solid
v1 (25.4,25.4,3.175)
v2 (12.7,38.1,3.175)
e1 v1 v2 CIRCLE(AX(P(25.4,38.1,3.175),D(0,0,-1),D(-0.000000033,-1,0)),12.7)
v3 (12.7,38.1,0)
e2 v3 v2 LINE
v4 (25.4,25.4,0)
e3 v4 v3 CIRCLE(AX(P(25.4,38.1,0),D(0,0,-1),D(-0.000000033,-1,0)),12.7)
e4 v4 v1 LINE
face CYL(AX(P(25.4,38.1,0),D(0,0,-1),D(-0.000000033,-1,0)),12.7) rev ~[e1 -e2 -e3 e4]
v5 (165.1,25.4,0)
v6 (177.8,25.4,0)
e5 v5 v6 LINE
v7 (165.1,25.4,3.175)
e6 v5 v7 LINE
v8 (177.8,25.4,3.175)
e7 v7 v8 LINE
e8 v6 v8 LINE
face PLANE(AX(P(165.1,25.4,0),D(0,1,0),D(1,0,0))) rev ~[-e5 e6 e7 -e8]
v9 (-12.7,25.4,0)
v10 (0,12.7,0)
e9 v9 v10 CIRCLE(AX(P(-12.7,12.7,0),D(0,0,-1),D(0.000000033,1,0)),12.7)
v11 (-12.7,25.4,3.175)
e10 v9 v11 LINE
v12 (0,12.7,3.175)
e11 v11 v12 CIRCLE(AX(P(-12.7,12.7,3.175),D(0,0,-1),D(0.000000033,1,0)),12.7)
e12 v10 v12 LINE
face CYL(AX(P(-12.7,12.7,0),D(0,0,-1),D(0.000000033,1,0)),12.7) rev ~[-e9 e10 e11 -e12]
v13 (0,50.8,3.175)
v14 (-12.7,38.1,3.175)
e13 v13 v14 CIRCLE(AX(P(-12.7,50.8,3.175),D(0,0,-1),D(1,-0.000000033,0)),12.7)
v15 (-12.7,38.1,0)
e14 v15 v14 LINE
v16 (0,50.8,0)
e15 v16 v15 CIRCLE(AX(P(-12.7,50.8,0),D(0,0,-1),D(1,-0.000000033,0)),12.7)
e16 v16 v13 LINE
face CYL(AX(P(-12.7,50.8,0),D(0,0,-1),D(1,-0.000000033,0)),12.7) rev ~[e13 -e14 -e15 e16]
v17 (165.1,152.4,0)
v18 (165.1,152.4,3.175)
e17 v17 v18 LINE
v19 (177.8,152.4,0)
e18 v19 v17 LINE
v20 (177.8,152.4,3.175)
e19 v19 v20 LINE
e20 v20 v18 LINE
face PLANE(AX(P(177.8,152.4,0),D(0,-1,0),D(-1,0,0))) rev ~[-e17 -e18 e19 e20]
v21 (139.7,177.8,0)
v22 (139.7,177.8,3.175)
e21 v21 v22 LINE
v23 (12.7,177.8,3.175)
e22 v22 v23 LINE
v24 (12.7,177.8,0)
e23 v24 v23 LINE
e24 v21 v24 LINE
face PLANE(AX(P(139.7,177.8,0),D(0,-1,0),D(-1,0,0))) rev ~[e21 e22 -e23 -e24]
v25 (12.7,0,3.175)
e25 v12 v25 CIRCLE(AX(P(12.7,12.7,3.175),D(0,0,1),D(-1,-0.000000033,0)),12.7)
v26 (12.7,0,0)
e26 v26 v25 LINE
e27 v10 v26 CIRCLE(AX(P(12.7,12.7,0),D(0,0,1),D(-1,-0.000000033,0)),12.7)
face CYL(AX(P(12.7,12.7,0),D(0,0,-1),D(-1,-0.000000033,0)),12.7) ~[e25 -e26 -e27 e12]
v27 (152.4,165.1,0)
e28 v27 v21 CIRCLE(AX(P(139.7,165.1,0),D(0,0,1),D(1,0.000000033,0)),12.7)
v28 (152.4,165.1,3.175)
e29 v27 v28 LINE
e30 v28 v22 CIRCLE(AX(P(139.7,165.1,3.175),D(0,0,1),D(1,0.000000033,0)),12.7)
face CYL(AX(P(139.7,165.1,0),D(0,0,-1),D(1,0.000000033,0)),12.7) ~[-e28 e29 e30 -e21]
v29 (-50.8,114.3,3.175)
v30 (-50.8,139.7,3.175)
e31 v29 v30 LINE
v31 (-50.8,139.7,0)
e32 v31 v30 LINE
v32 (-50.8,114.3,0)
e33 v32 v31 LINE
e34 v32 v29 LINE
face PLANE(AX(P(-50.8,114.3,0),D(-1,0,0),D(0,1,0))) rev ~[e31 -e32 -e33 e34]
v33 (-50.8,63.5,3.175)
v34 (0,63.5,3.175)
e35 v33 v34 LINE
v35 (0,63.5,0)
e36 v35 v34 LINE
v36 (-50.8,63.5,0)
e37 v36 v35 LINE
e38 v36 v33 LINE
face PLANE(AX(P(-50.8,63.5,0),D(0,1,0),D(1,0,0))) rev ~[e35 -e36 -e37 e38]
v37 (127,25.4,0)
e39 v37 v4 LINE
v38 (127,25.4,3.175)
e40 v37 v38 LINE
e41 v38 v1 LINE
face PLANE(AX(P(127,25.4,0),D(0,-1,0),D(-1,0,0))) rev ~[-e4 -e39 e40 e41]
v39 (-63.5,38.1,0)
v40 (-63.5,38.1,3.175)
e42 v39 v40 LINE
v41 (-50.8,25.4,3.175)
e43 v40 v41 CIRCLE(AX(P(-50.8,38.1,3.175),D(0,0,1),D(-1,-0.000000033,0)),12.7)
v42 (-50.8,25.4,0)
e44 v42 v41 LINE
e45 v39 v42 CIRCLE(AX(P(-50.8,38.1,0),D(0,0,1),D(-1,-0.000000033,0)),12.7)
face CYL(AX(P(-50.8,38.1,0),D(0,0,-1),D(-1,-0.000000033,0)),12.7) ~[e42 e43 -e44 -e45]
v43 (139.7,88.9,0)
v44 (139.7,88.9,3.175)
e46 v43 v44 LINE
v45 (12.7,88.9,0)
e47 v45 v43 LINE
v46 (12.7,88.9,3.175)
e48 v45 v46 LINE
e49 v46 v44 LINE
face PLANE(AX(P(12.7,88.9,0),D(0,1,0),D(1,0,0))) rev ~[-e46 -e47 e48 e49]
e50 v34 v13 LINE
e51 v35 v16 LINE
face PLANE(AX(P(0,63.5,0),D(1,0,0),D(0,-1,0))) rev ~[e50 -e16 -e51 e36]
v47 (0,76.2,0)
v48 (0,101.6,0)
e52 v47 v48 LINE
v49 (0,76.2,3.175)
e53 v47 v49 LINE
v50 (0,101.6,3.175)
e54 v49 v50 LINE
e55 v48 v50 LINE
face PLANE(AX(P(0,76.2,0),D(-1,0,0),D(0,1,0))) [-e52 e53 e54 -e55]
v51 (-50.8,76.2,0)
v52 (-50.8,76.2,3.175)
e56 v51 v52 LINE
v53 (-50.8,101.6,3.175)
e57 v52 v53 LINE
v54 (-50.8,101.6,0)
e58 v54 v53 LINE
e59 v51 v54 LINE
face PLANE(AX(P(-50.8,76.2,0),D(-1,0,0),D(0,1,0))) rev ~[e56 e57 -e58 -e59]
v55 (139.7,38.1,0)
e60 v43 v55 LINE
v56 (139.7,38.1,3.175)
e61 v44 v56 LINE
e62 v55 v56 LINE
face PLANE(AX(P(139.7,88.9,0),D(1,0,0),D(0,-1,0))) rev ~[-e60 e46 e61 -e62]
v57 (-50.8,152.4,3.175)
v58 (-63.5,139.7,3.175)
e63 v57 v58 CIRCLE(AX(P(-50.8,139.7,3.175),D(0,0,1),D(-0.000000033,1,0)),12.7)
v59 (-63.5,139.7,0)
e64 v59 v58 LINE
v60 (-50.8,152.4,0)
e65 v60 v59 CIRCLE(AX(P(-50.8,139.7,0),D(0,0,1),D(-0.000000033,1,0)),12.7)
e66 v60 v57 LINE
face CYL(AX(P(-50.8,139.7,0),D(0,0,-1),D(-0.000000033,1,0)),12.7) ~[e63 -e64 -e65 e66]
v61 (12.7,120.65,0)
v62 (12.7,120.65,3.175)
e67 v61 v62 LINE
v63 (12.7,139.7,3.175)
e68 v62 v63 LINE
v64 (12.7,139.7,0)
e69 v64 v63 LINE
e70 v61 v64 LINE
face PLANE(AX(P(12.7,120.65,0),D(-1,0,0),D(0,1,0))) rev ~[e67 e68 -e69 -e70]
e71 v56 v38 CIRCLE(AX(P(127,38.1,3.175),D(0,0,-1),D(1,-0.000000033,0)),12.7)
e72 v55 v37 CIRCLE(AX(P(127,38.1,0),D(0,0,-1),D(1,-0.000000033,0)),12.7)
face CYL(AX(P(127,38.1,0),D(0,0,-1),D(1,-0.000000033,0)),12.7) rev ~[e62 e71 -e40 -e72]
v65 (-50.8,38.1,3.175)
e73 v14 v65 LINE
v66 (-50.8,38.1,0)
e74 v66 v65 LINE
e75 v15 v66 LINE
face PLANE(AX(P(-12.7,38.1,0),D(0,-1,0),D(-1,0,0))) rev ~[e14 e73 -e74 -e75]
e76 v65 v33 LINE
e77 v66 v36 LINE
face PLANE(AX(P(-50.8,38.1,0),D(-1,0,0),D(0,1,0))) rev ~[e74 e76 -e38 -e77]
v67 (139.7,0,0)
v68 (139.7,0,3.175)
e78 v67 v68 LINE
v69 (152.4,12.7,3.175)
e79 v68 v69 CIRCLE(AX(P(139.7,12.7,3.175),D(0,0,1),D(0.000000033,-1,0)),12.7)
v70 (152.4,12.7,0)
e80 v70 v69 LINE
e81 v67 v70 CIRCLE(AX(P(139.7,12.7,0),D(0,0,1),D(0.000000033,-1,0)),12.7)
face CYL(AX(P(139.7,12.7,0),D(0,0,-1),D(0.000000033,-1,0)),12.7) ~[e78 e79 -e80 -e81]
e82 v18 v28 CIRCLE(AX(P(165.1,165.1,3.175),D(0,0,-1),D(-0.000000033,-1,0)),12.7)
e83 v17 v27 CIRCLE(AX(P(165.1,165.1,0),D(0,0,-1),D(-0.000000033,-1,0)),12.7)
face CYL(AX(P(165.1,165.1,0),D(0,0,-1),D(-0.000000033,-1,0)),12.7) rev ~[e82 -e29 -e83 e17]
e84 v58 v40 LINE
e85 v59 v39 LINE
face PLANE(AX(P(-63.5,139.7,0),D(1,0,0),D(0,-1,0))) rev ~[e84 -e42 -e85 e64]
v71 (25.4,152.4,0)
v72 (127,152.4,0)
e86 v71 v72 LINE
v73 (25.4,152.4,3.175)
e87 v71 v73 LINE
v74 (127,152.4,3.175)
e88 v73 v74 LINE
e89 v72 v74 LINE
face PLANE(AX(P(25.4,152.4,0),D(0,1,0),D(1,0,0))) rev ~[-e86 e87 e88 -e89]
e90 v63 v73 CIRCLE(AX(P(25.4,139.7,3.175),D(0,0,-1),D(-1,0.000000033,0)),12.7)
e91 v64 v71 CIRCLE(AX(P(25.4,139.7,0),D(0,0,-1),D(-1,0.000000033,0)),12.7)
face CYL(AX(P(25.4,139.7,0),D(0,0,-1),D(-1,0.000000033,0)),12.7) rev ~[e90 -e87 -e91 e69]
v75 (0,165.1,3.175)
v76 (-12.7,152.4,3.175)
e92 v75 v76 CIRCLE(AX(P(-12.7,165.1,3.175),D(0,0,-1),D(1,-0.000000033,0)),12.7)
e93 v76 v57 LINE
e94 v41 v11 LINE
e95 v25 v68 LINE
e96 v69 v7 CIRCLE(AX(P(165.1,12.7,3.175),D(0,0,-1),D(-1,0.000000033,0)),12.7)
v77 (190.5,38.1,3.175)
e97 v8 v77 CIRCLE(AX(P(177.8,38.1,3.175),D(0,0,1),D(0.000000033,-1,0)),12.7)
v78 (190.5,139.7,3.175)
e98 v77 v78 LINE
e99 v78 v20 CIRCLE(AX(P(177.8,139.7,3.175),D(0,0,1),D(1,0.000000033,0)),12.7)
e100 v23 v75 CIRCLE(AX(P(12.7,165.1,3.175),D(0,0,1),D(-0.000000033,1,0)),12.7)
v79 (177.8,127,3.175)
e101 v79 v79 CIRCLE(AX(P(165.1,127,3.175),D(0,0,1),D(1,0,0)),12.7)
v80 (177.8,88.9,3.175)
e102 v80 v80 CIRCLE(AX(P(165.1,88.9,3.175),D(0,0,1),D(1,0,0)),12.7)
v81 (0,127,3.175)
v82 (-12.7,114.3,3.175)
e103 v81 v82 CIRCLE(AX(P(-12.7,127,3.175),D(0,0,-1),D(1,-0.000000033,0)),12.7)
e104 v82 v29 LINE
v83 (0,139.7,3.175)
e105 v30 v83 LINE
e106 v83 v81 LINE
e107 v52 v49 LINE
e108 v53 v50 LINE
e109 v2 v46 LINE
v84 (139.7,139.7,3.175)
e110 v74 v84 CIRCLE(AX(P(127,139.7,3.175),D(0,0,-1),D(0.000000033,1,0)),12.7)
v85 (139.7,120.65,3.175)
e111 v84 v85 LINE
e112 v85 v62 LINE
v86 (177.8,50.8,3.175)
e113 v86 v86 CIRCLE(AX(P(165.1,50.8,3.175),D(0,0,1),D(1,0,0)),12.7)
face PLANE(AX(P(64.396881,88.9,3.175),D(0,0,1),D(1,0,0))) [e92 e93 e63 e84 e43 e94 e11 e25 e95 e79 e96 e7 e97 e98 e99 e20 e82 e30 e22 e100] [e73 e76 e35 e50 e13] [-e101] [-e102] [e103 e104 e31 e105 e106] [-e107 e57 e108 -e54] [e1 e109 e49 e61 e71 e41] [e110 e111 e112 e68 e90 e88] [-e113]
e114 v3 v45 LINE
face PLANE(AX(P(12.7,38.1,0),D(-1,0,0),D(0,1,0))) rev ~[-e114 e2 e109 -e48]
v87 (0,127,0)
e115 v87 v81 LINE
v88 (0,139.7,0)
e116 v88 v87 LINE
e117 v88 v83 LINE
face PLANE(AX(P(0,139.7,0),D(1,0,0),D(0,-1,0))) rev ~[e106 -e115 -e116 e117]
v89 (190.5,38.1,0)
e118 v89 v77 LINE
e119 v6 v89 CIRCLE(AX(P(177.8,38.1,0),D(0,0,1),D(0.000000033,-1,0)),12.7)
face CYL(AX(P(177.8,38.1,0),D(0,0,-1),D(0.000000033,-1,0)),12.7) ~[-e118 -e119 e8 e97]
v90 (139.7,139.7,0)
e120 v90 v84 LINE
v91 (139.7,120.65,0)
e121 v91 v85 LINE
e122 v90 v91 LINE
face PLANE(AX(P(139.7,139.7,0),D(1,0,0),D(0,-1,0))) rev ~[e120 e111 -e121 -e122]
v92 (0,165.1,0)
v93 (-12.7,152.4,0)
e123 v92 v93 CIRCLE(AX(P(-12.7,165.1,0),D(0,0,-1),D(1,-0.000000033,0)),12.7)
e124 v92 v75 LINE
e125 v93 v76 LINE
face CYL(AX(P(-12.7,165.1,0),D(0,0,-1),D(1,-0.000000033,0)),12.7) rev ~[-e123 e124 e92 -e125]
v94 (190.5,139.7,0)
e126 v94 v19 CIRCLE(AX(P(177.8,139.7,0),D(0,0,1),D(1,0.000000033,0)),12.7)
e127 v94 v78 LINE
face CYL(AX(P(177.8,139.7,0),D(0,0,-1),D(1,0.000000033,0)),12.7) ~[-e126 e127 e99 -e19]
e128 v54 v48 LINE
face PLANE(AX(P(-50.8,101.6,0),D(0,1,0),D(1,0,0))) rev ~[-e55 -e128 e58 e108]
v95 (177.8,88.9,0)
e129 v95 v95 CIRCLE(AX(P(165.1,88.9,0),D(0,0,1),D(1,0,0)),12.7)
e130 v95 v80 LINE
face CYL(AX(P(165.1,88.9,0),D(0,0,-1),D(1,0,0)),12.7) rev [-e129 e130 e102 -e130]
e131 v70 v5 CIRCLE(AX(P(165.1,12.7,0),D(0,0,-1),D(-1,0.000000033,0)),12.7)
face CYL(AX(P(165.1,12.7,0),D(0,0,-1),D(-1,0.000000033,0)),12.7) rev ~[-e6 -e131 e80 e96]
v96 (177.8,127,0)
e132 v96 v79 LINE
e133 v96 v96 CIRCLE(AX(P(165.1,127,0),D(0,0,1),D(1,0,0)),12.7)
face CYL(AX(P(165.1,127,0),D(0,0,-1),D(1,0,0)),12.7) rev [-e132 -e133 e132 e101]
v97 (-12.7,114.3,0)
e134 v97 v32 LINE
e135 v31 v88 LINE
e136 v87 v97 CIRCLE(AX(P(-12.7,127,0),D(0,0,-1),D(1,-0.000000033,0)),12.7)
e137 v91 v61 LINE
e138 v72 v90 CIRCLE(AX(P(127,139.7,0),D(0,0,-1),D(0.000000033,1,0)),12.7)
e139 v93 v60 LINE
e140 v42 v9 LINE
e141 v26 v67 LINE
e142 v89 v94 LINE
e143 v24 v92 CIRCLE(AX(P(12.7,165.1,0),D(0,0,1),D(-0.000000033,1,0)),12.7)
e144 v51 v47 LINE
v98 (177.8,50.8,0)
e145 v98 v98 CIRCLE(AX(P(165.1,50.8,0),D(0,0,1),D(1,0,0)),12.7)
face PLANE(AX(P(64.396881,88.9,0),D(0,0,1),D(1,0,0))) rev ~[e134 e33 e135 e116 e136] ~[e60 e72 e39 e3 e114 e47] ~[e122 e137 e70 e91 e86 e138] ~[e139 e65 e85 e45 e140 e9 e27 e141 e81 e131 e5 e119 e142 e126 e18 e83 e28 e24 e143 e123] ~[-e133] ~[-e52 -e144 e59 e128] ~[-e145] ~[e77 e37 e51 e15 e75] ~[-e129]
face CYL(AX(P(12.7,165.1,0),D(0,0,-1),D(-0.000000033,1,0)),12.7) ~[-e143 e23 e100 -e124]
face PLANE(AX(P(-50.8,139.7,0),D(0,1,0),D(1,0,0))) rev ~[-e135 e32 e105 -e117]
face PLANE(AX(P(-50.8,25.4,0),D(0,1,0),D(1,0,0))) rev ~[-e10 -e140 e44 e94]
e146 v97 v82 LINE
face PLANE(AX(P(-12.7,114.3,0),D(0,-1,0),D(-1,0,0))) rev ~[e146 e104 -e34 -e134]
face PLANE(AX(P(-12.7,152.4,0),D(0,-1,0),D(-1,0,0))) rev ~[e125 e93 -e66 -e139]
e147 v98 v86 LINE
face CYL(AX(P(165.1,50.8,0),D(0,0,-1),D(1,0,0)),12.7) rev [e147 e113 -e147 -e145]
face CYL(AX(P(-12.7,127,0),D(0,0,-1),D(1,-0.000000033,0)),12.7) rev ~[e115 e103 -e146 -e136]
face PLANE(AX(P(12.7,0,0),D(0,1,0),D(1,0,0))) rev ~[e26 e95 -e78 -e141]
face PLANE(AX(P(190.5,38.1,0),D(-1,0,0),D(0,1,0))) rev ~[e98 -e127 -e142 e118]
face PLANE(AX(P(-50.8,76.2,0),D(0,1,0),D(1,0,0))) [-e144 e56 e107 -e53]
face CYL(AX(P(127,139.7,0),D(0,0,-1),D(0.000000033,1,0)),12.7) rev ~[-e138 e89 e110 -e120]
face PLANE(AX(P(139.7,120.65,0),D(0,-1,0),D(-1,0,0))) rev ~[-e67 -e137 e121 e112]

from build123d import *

# Parameters (mm, degrees)
F0_W     = 50.8
F0_H     = 25.4
F0_R     = 12.7
F1_DEPTH = 3.175


with BuildPart() as f1:
    # F0 (on Top) → F1 (new body)
    with BuildSketch(Plane.XY):
        with BuildLine():
            Line((-50.8, 25.4), (-12.7, 25.4))
            ThreePointArc((-12.7, 25.4), (-3.719744, 21.680256), (0, 12.7))
            ThreePointArc((0, 12.7), (3.719744, 3.719744), (12.7, 0))
            Line((12.7, 0), (139.7, 0))
            ThreePointArc((139.7, 0), (148.680256, 3.719744), (152.4, 12.7))
            ThreePointArc((152.4, 12.7), (156.119744, 21.680256), (165.1, 25.4))
            Line((165.1, 25.4), (177.8, 25.4))
            ThreePointArc((177.8, 25.4), (186.780256, 29.119744), (190.5, 38.1))
            Line((190.5, 38.1), (190.5, 139.7))
            ThreePointArc((190.5, 139.7), (186.780256, 148.680256), (177.8, 152.4))
            Line((177.8, 152.4), (165.1, 152.4))
            ThreePointArc((165.1, 152.4), (156.119744, 156.119744), (152.4, 165.1))
            ThreePointArc((152.4, 165.1), (148.680256, 174.080256), (139.7, 177.8))
            Line((139.7, 177.8), (12.7, 177.8))
            ThreePointArc((12.7, 177.8), (3.719744, 174.080256), (0, 165.1))
            ThreePointArc((0, 165.1), (-3.719744, 156.119744), (-12.7, 152.4))
            Line((-12.7, 152.4), (-50.8, 152.4))
            ThreePointArc((-50.8, 152.4), (-59.780256, 148.680256), (-63.5, 139.7))
            Line((-63.5, 139.7), (-63.5, 38.1))
            ThreePointArc((-63.5, 38.1), (-59.780256, 29.119744), (-50.8, 25.4))
        make_face()
        with BuildLine():
            Line((-12.7, 38.1), (-50.8, 38.1))
            Line((-50.8, 38.1), (-50.8, 63.5))
            Line((-50.8, 63.5), (0, 63.5))
            Line((0, 63.5), (0, 50.8))
            ThreePointArc((0, 50.8), (-3.719744, 41.819744), (-12.7, 38.1))
        make_face(mode=Mode.SUBTRACT)
        with Locations((-25.4, 88.9)):
            Rectangle(F0_W, F0_H, mode=Mode.SUBTRACT)
        with BuildLine():
            Line((12.7, 38.1), (12.7, 88.9))
            Line((12.7, 88.9), (139.7, 88.9))
            Line((139.7, 88.9), (139.7, 38.1))
            ThreePointArc((139.7, 38.1), (135.980256, 29.119744), (127, 25.4))
            Line((127, 25.4), (25.4, 25.4))
            ThreePointArc((25.4, 25.4), (16.419744, 29.119744), (12.7, 38.1))
        make_face(mode=Mode.SUBTRACT)
        with Locations((165.1, 50.8)):
            Circle(F0_R, mode=Mode.SUBTRACT)
        with Locations((165.1, 88.9)):
            Circle(F0_R, mode=Mode.SUBTRACT)
        with BuildLine():
            Line((-50.8, 114.3), (-50.8, 139.7))
            Line((-50.8, 139.7), (0, 139.7))
            Line((0, 139.7), (0, 127))
            ThreePointArc((0, 127), (-3.719744, 118.019744), (-12.7, 114.3))
            Line((-12.7, 114.3), (-50.8, 114.3))
        make_face(mode=Mode.SUBTRACT)
        with Locations((165.1, 127)):
            Circle(F0_R, mode=Mode.SUBTRACT)
        with BuildLine():
            ThreePointArc((12.7, 139.7), (16.419744, 148.680256), (25.4, 152.4))
            Line((25.4, 152.4), (127, 152.4))
            ThreePointArc((127, 152.4), (135.980256, 148.680256), (139.7, 139.7))
            Line((139.7, 139.7), (139.7, 120.65))
            Line((139.7, 120.65), (12.7, 120.65))
            Line((12.7, 120.65), (12.7, 139.7))
        make_face(mode=Mode.SUBTRACT)
    extrude(amount=F1_DEPTH)


solid = f1.part
